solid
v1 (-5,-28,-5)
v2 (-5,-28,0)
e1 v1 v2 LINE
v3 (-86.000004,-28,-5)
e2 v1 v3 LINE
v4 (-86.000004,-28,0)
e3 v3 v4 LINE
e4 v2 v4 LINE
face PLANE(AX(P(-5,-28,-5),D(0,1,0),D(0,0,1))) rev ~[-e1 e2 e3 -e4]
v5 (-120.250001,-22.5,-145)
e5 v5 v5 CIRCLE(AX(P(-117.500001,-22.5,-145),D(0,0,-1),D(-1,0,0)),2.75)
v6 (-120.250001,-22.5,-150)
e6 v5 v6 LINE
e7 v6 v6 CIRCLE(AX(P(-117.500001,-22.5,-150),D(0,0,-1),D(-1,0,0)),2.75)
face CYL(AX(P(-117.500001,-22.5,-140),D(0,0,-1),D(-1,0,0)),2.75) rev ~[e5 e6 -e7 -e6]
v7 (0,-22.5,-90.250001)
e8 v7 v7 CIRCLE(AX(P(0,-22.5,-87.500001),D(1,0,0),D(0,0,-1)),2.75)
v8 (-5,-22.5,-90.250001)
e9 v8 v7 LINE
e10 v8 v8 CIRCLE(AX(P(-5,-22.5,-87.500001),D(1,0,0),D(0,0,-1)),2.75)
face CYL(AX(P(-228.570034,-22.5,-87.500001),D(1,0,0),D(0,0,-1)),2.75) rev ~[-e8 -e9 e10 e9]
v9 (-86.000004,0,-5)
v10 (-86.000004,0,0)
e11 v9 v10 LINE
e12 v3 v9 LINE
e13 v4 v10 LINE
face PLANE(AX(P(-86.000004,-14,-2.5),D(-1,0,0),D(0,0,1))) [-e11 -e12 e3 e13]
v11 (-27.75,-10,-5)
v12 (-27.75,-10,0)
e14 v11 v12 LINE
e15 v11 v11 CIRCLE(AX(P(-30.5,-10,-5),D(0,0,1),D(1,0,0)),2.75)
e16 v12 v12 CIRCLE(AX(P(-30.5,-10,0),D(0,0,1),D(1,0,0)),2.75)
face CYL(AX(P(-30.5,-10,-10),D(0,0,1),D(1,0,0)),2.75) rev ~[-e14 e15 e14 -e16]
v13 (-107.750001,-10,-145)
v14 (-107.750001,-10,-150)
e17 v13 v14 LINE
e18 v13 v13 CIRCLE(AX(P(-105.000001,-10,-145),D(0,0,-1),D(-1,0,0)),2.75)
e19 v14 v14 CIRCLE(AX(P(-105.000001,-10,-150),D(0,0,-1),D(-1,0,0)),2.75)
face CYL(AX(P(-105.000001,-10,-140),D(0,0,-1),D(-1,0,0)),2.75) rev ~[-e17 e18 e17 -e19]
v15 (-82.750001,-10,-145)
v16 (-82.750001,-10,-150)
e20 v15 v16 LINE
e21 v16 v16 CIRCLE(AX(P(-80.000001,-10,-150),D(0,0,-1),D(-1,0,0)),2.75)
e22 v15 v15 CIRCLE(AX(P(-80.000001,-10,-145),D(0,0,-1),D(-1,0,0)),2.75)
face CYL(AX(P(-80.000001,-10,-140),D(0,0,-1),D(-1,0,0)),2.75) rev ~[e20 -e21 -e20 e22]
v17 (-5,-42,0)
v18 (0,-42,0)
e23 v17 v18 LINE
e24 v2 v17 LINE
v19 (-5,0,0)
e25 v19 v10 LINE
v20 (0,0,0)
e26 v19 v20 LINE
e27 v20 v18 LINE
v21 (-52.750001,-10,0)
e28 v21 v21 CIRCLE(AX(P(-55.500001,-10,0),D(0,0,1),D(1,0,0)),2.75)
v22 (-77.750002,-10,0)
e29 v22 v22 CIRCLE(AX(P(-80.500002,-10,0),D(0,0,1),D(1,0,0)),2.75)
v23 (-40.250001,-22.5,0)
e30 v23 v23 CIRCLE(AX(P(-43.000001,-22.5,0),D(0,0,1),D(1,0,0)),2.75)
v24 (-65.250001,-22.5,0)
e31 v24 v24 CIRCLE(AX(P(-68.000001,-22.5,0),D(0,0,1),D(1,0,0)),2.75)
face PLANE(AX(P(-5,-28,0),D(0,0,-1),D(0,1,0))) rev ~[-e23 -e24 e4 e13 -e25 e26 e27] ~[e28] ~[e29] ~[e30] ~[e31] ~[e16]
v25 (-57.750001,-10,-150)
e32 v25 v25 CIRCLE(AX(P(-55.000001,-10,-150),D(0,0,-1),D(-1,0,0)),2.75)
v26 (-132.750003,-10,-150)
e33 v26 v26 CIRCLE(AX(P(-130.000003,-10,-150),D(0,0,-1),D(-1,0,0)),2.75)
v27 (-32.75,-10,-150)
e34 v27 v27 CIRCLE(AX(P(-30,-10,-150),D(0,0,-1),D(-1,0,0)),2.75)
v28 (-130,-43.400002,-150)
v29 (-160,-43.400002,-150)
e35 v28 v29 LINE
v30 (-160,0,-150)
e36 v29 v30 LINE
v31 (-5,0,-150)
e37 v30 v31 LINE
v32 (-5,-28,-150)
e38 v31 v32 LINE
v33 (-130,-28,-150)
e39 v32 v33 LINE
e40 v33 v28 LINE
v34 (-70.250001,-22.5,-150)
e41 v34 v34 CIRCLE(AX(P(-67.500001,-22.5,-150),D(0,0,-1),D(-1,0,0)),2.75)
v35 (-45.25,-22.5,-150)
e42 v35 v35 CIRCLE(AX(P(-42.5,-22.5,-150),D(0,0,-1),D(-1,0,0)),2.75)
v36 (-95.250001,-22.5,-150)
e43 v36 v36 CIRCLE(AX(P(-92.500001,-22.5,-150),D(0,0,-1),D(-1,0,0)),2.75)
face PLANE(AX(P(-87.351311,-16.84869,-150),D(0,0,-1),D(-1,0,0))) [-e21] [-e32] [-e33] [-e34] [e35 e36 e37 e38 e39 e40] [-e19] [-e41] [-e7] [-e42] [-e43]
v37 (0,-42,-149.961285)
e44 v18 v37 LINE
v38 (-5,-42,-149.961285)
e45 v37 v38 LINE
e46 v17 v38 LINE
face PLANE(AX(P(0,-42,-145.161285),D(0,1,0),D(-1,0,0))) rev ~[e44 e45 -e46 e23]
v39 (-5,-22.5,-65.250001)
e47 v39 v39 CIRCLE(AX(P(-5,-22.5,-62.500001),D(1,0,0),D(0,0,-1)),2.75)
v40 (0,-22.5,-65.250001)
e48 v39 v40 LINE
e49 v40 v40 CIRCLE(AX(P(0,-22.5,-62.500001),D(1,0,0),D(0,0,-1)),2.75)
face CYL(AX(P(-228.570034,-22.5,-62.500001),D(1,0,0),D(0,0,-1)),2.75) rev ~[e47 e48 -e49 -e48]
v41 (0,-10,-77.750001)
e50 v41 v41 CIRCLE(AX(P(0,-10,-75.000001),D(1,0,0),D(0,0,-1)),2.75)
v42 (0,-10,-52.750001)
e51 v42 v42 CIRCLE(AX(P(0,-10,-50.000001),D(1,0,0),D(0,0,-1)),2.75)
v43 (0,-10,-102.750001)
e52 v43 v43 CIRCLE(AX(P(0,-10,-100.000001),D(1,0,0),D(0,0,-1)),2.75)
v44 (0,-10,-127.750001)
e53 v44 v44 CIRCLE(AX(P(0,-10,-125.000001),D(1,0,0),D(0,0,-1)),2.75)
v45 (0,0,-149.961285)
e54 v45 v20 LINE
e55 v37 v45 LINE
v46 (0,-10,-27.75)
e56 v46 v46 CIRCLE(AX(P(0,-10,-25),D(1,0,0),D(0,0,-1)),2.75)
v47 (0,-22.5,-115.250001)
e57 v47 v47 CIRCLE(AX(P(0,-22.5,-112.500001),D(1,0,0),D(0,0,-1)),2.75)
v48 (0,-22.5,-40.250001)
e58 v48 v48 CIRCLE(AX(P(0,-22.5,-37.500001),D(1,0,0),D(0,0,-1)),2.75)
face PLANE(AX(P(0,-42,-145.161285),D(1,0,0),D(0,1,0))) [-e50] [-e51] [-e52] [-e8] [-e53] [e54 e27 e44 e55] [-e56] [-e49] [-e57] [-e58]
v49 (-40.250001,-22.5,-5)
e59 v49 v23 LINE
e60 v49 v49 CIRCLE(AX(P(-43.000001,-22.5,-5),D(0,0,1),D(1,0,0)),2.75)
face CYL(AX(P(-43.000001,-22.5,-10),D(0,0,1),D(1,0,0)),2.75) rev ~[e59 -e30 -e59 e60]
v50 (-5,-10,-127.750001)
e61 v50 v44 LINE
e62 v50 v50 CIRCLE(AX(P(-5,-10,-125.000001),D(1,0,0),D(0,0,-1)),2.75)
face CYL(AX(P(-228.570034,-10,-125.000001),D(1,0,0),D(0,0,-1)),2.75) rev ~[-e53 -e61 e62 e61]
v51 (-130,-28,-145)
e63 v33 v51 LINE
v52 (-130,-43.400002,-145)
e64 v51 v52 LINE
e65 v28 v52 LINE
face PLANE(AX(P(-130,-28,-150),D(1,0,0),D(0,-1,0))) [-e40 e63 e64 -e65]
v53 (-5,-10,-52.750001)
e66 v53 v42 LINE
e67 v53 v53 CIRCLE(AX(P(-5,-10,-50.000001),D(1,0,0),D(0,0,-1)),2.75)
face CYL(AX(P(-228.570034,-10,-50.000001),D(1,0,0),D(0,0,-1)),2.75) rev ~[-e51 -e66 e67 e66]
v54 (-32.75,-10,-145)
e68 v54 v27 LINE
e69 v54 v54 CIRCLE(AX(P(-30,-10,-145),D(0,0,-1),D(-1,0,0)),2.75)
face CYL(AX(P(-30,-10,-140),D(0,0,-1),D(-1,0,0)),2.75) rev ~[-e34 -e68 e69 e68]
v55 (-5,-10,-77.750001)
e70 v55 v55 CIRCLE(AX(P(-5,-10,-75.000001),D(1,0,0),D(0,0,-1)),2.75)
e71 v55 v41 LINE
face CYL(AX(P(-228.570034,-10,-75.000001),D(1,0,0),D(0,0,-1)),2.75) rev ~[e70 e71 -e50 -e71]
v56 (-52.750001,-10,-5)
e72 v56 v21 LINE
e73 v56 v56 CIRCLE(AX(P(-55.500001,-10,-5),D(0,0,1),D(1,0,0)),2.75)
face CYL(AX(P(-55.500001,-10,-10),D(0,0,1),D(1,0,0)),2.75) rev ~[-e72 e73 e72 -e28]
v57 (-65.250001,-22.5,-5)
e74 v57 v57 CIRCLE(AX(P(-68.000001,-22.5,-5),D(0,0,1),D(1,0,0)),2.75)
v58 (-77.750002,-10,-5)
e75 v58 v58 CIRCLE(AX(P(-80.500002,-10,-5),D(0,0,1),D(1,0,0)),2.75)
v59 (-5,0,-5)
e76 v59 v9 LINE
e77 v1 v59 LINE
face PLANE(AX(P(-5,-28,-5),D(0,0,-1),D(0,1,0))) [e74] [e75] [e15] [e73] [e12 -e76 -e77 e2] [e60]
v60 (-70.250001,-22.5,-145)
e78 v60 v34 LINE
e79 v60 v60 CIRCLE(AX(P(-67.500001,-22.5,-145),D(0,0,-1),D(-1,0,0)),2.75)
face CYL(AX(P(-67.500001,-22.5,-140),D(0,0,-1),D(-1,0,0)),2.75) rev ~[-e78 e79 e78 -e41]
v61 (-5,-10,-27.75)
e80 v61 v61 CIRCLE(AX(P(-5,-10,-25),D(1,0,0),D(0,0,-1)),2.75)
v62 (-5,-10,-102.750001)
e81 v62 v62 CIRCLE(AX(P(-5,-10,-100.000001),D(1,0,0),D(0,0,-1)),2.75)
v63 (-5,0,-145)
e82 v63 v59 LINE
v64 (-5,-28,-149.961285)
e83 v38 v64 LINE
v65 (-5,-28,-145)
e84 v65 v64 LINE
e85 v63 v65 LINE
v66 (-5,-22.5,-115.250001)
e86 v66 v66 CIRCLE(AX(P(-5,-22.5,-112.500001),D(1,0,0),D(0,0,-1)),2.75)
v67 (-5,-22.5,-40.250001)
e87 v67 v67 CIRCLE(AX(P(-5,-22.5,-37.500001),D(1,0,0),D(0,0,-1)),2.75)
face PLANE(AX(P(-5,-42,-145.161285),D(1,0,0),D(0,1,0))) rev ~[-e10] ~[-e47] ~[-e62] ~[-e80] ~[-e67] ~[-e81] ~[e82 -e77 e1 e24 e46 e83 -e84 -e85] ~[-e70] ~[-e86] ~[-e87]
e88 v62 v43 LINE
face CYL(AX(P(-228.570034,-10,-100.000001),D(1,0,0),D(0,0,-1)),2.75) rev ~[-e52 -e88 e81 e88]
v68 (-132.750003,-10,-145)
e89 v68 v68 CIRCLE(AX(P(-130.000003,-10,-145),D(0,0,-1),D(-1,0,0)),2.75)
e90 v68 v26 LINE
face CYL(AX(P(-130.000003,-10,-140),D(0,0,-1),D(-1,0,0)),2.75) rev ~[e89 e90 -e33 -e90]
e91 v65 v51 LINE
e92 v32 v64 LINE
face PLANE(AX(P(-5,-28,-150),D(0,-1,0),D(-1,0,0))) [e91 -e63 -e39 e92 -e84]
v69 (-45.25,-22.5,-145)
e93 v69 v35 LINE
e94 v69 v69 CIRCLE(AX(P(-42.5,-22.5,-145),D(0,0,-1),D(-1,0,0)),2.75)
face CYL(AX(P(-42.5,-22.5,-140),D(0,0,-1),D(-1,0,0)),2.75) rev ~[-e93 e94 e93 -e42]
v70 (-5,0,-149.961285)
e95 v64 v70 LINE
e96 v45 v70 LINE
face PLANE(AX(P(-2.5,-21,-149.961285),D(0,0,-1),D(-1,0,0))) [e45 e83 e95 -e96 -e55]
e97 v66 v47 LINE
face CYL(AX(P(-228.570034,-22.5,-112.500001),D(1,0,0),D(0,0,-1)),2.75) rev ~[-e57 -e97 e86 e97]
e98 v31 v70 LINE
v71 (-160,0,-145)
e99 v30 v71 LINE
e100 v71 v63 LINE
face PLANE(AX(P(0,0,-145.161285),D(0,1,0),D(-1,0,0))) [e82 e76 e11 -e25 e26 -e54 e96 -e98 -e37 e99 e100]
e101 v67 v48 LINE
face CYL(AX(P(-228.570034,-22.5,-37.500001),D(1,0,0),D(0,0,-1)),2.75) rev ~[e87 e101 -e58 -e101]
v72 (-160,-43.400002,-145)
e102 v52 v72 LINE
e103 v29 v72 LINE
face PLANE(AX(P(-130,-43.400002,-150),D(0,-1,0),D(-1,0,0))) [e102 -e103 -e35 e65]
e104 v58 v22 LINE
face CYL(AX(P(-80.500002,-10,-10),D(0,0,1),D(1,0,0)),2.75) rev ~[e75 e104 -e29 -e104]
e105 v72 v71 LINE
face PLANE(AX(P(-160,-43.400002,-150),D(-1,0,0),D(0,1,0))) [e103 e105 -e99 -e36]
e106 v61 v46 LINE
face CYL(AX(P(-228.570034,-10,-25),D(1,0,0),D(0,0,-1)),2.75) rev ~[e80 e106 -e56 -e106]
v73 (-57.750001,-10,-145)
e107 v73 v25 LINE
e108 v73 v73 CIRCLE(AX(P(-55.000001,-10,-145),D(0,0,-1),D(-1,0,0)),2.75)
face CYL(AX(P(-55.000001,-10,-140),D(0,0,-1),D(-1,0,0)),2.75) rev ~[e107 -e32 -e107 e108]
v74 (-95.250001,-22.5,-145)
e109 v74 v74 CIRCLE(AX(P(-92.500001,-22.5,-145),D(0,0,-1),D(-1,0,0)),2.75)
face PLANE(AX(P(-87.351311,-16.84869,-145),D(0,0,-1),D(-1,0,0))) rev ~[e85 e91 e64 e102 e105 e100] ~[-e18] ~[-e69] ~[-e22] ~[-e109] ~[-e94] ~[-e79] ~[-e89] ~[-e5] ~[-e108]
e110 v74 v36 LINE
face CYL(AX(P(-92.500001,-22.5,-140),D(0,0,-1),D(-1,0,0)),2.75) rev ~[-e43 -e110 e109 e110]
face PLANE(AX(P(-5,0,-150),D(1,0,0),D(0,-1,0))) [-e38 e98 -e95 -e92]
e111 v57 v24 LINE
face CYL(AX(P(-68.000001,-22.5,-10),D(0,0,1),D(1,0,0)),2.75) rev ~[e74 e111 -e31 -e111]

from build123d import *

# Parameters (mm, degrees)
SKETCH1_W                      = 42
SKETCH1_H                      = 145.161285219
BOSS_EXTRUDE1_DEPTH            = 5
BOSS_EXTRUDE2_DEPTH            = 5
SKETCH3_W                      = 5
SKETCH3_H                      = 27.999999523
BOSS_EXTRUDE3_DEPTH            = 81.000003815
F_5_5_5_5_DIAMETER_HOLE1_D     = 5.5
F_5_5_5_5_DIAMETER_HOLE2_D     = 5.5
F_5_5_5_5_DIAMETER_HOLE2_DEPTH = 5
F_5_5_5_5_DIAMETER_HOLE3_D     = 5.5
F_5_5_5_5_DIAMETER_HOLE3_DEPTH = 5
SKETCH10_W                     = 5
SKETCH10_H                     = 42
BOSS_EXTRUDE4_DEPTH            = 4.8


with BuildPart() as part:
    # Sketch1 → Boss-Extrude1 (new body)
    with BuildSketch(Plane(origin=(-5, 0, 0), x_dir=(0, -1, 0), z_dir=(-1, 0, 0))):
        with Locations((21, -72.58064261)):
            Rectangle(SKETCH1_W, SKETCH1_H)
    extrude(amount=-BOSS_EXTRUDE1_DEPTH)

    # Sketch2 → Boss-Extrude2 (add)
    with BuildSketch(Plane(origin=(0, 0, -150), x_dir=(-1, 0, 0), z_dir=(0, 0, -1))):
        Polygon((130, -43.400001526), (160, -43.400001526), (160, 0), (5, 0), (5, -27.999999523), (130, -27.999999523), align=None)
    extrude(amount=-BOSS_EXTRUDE2_DEPTH)

    # Sketch3 → Boss-Extrude3 (add)
    with BuildSketch(Plane.ZY.offset(5)):
        with Locations((-2.5, -13.999999762)):
            Rectangle(SKETCH3_W, SKETCH3_H)
    extrude(amount=BOSS_EXTRUDE3_DEPTH)

    # Ø5.5 (5.5) Diameter Hole1 (through all)
    with Locations(Plane.ZY.offset(5)):
        with Locations((-37.500000596, -22.500000199), (-25.000000199, -9.99999995), (-50.000000795, -9.99999995), (-62.500000795, -22.500000199), (-75.000000795, -9.99999995), (-87.500000795, -22.500000199), (-112.500000795, -22.500000199), (-100.000000795, -9.99999995), (-125.000000795, -9.99999995)):
            Hole(F_5_5_5_5_DIAMETER_HOLE1_D / 2)

    # Ø5.5 (5.5) Diameter Hole2
    with Locations(Plane.XY.offset(-145)):
        with Locations((-30.000000199, -9.99999995), (-42.500000397, -22.500000199), (-67.500000795, -22.500000199), (-55.000000795, -9.99999995), (-80.000001192, -9.99999995), (-92.500000795, -22.500000199), (-117.500000795, -22.500000199), (-105.000000795, -9.99999995), (-130.000003179, -9.99999995)):
            Hole(F_5_5_5_5_DIAMETER_HOLE2_D / 2, depth=F_5_5_5_5_DIAMETER_HOLE2_DEPTH)

    # Ø5.5 (5.5) Diameter Hole3
    with Locations(Plane(origin=(0, 0, -5), x_dir=(-1, 0, 0), z_dir=(0, 0, -1))):
        with Locations((80.50000151, -9.99999995), (68.000001113, -22.500000199), (43.000001113, -22.500000199), (55.500001113, -9.99999995), (30.500000119, -9.99999995)):
            Hole(F_5_5_5_5_DIAMETER_HOLE3_D / 2, depth=F_5_5_5_5_DIAMETER_HOLE3_DEPTH)

    # Sketch10 → Boss-Extrude4 (add)
    with BuildSketch(Plane(origin=(0, 0, -145.161285219), x_dir=(-1, 0, 0), z_dir=(0, 0, -1))):
        with Locations((2.5, -21)):
            Rectangle(SKETCH10_W, SKETCH10_H)
    extrude(amount=BOSS_EXTRUDE4_DEPTH)


solid = part.part
